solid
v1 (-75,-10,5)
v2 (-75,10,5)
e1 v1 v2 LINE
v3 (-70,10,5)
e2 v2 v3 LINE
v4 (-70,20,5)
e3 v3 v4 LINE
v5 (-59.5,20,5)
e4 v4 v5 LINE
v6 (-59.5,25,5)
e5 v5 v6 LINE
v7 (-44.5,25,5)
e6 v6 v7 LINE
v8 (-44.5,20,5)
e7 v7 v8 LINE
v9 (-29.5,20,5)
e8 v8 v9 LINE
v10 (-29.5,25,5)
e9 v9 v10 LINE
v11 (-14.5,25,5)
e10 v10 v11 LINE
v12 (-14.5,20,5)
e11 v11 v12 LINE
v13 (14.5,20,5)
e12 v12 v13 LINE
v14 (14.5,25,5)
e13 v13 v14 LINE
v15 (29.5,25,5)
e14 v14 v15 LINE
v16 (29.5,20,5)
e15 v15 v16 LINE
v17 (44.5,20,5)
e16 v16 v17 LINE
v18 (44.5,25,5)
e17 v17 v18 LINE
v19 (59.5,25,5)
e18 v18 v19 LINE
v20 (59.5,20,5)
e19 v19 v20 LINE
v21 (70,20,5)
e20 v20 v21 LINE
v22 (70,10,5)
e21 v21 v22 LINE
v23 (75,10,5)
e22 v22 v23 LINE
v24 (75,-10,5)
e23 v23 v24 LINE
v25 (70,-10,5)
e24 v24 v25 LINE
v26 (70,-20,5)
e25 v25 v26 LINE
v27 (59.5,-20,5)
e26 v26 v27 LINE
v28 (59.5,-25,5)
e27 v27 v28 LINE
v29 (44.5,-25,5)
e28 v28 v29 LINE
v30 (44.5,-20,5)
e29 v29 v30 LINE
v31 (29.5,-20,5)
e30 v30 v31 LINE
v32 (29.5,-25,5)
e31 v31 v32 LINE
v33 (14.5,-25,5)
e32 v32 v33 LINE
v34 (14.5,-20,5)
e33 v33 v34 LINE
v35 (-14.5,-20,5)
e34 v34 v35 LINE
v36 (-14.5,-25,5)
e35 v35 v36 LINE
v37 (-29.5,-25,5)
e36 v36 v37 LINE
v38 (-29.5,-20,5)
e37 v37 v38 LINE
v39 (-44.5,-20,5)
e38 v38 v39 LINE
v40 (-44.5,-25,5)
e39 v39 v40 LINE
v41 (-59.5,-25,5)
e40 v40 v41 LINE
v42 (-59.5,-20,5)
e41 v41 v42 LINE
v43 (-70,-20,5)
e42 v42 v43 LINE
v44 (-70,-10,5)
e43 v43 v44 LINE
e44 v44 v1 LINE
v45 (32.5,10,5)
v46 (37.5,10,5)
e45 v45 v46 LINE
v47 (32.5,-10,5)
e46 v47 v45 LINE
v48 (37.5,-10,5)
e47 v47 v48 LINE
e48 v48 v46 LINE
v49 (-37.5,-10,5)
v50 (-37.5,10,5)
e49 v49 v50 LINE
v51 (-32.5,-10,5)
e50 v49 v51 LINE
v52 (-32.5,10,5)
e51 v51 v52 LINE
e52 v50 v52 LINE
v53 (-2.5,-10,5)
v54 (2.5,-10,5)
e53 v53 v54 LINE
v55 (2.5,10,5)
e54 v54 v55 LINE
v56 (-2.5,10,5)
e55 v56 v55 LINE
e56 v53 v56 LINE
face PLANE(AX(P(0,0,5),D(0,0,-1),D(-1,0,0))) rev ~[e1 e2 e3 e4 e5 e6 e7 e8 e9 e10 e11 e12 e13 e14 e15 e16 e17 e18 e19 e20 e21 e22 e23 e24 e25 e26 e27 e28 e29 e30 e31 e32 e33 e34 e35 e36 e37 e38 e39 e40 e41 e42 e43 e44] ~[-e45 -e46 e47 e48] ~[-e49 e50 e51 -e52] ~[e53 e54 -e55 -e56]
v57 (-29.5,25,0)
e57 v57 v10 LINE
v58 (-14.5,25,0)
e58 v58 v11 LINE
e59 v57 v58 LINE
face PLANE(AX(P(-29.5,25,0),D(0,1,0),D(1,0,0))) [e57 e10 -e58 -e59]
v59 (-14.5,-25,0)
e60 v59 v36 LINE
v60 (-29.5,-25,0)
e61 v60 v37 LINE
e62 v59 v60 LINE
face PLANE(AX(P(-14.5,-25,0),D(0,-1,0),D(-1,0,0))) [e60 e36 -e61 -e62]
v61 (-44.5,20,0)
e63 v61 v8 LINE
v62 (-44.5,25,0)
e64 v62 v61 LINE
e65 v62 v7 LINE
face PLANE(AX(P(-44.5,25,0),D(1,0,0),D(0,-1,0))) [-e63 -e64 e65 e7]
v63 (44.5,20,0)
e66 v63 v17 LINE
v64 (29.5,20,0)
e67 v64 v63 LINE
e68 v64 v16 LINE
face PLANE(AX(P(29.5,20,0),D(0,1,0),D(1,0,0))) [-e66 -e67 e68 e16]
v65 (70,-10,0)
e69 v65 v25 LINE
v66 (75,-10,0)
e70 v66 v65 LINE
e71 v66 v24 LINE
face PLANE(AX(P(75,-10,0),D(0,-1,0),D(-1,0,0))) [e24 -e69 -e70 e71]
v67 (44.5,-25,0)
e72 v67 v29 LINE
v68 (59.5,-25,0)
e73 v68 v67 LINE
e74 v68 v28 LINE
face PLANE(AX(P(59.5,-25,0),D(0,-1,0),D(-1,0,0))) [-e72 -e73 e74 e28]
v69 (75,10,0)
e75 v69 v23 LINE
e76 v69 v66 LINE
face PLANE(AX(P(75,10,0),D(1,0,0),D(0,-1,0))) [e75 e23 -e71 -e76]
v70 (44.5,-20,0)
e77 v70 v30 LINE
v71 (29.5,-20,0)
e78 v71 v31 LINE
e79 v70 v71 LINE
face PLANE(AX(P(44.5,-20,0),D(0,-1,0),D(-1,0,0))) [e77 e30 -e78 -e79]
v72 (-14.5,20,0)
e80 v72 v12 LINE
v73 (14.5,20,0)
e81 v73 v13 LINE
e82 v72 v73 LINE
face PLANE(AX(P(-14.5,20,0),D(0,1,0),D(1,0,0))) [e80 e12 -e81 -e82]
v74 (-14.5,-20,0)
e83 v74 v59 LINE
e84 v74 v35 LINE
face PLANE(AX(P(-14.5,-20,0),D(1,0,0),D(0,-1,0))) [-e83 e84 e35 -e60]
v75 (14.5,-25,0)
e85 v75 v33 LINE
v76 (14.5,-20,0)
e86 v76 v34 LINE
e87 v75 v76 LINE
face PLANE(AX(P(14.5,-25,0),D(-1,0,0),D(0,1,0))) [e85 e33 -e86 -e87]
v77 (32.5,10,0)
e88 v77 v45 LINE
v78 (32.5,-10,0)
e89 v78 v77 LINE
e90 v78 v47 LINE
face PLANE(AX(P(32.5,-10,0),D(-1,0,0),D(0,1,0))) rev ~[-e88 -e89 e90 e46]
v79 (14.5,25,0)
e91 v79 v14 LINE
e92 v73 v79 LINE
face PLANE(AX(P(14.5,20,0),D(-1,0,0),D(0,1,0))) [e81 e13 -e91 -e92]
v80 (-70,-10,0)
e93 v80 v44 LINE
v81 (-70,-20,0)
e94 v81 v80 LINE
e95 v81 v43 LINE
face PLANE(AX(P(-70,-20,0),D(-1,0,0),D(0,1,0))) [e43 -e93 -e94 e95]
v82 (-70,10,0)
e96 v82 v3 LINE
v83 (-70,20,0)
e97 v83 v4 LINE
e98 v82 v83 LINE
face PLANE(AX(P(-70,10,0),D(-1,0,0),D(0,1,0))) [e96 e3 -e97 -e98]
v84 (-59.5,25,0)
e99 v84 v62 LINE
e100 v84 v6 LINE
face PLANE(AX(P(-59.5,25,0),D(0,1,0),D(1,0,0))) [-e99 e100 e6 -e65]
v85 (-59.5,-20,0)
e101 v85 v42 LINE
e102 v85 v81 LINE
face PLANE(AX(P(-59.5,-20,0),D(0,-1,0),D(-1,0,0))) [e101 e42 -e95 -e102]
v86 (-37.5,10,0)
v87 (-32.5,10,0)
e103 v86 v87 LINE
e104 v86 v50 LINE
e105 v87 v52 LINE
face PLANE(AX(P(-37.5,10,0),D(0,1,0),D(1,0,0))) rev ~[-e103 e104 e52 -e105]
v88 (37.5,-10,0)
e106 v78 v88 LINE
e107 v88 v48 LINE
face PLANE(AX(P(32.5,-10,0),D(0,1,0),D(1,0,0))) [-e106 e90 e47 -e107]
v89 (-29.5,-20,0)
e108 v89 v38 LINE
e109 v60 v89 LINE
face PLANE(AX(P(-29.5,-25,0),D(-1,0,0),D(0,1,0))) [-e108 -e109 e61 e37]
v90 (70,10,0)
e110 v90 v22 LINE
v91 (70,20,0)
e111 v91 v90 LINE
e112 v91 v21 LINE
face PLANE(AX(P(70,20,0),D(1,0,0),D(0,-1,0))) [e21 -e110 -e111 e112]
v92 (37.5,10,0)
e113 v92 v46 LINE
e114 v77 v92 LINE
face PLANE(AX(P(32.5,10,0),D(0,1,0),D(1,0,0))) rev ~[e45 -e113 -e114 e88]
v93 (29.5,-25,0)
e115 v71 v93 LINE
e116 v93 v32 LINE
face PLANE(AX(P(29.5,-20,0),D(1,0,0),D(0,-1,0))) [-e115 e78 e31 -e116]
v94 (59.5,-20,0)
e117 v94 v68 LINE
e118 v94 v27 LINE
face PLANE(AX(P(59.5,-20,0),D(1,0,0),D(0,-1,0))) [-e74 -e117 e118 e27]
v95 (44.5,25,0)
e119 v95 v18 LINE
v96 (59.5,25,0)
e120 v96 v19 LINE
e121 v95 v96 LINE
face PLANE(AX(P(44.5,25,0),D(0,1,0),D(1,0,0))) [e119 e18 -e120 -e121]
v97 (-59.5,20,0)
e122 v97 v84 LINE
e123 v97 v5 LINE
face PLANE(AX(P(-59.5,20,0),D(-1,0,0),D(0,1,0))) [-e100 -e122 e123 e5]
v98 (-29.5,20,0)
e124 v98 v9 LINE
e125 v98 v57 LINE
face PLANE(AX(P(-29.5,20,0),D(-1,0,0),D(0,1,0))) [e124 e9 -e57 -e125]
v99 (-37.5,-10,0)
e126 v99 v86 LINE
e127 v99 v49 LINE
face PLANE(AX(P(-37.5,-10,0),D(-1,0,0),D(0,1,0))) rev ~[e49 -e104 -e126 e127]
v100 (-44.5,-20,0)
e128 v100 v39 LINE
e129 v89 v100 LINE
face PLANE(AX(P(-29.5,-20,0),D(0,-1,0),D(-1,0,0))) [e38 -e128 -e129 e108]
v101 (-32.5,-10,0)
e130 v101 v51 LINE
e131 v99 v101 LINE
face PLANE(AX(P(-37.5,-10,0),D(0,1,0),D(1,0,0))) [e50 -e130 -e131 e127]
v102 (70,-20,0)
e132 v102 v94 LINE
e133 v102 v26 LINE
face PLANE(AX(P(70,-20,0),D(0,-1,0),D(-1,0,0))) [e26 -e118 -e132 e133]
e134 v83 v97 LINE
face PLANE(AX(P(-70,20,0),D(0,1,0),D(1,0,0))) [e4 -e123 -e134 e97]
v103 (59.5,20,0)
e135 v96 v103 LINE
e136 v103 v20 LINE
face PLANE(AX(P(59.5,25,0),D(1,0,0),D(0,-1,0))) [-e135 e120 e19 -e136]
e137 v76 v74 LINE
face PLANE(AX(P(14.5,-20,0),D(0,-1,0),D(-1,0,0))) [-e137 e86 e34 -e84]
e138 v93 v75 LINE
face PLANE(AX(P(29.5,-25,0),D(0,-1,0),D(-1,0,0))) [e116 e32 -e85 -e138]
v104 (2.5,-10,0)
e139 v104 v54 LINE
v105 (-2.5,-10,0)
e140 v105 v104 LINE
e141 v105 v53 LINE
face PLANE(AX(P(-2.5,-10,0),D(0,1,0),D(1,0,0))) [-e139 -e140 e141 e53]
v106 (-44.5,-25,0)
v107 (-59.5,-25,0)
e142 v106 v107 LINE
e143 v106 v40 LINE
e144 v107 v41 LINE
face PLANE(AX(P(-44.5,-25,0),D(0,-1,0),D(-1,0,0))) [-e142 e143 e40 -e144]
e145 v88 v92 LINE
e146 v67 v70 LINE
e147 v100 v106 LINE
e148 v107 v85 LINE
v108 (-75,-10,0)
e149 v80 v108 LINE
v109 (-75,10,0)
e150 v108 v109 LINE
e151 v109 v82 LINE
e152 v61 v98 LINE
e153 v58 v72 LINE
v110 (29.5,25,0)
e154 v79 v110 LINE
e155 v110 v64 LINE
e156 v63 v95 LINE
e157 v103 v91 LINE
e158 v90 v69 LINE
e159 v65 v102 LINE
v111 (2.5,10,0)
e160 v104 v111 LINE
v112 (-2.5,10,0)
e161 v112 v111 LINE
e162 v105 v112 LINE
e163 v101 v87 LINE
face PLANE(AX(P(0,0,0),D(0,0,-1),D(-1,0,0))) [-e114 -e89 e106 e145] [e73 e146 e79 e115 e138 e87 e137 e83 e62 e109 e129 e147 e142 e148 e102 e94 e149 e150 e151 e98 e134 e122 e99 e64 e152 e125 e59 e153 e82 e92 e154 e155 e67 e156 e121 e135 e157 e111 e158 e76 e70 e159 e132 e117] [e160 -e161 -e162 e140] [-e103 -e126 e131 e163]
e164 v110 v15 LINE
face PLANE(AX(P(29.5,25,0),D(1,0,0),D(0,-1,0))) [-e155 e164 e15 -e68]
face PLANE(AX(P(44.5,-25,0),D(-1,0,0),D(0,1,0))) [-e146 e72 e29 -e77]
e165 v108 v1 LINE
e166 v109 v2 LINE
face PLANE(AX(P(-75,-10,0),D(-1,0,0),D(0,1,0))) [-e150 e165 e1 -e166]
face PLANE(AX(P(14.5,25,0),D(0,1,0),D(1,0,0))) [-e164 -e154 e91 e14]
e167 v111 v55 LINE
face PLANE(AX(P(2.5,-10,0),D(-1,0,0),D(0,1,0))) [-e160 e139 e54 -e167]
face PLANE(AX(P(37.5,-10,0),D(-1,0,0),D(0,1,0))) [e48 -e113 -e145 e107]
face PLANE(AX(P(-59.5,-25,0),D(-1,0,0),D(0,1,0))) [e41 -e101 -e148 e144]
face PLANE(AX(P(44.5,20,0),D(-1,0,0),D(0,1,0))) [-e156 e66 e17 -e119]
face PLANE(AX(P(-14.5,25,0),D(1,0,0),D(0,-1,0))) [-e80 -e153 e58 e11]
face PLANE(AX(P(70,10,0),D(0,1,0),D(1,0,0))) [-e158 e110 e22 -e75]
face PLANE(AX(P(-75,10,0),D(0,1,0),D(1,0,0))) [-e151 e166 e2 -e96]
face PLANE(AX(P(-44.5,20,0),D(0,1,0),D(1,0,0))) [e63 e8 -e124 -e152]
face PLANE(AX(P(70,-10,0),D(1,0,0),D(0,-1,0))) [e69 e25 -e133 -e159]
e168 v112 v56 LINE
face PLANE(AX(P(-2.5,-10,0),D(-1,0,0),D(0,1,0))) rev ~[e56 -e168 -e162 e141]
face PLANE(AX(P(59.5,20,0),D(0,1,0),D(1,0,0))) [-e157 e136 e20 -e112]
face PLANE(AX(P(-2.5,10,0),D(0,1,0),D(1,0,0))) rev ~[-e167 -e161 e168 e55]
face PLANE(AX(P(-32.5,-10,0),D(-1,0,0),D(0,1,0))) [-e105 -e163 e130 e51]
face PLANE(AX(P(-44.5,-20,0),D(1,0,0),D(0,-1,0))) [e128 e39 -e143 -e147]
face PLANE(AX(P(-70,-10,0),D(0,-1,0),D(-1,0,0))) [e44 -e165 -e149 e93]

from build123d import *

# Parameters (mm, degrees)
SKETCH1_W           = 5
SKETCH1_H           = 20
BOSS_EXTRUDE1_DEPTH = 5


with BuildPart() as part:
    # Sketch1 → Boss-Extrude1 (new body)
    with BuildSketch(Plane.XY):
        Polygon((-70, 20), (-59.5, 20), (-59.5, 25), (-44.5, 25), (-44.5, 20), (-29.5, 20), (-29.5, 25), (-14.5, 25), (-14.5, 20), (14.5, 20), (14.5, 25), (29.5, 25), (29.5, 20), (44.5, 20), (44.5, 25), (59.5, 25), (59.5, 20), (70, 20), (70, 10), (75, 10), (75, -10), (70, -10), (70, -20), (59.5, -20), (59.5, -25), (44.5, -25), (44.5, -20), (29.5, -20), (29.5, -25), (14.5, -25), (14.5, -20), (-14.5, -20), (-14.5, -25), (-29.5, -25), (-29.5, -20), (-44.5, -20), (-44.5, -25), (-59.5, -25), (-59.5, -20), (-70, -20), (-70, -10), (-75, -10), (-75, 10), (-70, 10), align=None)
        with Locations((35, 0)):
            Rectangle(SKETCH1_W, SKETCH1_H, mode=Mode.SUBTRACT)
        Rectangle(SKETCH1_W, SKETCH1_H, mode=Mode.SUBTRACT)
        with Locations((-35, 0)):
            Rectangle(SKETCH1_W, SKETCH1_H, mode=Mode.SUBTRACT)
    extrude(amount=BOSS_EXTRUDE1_DEPTH)


solid = part.part
